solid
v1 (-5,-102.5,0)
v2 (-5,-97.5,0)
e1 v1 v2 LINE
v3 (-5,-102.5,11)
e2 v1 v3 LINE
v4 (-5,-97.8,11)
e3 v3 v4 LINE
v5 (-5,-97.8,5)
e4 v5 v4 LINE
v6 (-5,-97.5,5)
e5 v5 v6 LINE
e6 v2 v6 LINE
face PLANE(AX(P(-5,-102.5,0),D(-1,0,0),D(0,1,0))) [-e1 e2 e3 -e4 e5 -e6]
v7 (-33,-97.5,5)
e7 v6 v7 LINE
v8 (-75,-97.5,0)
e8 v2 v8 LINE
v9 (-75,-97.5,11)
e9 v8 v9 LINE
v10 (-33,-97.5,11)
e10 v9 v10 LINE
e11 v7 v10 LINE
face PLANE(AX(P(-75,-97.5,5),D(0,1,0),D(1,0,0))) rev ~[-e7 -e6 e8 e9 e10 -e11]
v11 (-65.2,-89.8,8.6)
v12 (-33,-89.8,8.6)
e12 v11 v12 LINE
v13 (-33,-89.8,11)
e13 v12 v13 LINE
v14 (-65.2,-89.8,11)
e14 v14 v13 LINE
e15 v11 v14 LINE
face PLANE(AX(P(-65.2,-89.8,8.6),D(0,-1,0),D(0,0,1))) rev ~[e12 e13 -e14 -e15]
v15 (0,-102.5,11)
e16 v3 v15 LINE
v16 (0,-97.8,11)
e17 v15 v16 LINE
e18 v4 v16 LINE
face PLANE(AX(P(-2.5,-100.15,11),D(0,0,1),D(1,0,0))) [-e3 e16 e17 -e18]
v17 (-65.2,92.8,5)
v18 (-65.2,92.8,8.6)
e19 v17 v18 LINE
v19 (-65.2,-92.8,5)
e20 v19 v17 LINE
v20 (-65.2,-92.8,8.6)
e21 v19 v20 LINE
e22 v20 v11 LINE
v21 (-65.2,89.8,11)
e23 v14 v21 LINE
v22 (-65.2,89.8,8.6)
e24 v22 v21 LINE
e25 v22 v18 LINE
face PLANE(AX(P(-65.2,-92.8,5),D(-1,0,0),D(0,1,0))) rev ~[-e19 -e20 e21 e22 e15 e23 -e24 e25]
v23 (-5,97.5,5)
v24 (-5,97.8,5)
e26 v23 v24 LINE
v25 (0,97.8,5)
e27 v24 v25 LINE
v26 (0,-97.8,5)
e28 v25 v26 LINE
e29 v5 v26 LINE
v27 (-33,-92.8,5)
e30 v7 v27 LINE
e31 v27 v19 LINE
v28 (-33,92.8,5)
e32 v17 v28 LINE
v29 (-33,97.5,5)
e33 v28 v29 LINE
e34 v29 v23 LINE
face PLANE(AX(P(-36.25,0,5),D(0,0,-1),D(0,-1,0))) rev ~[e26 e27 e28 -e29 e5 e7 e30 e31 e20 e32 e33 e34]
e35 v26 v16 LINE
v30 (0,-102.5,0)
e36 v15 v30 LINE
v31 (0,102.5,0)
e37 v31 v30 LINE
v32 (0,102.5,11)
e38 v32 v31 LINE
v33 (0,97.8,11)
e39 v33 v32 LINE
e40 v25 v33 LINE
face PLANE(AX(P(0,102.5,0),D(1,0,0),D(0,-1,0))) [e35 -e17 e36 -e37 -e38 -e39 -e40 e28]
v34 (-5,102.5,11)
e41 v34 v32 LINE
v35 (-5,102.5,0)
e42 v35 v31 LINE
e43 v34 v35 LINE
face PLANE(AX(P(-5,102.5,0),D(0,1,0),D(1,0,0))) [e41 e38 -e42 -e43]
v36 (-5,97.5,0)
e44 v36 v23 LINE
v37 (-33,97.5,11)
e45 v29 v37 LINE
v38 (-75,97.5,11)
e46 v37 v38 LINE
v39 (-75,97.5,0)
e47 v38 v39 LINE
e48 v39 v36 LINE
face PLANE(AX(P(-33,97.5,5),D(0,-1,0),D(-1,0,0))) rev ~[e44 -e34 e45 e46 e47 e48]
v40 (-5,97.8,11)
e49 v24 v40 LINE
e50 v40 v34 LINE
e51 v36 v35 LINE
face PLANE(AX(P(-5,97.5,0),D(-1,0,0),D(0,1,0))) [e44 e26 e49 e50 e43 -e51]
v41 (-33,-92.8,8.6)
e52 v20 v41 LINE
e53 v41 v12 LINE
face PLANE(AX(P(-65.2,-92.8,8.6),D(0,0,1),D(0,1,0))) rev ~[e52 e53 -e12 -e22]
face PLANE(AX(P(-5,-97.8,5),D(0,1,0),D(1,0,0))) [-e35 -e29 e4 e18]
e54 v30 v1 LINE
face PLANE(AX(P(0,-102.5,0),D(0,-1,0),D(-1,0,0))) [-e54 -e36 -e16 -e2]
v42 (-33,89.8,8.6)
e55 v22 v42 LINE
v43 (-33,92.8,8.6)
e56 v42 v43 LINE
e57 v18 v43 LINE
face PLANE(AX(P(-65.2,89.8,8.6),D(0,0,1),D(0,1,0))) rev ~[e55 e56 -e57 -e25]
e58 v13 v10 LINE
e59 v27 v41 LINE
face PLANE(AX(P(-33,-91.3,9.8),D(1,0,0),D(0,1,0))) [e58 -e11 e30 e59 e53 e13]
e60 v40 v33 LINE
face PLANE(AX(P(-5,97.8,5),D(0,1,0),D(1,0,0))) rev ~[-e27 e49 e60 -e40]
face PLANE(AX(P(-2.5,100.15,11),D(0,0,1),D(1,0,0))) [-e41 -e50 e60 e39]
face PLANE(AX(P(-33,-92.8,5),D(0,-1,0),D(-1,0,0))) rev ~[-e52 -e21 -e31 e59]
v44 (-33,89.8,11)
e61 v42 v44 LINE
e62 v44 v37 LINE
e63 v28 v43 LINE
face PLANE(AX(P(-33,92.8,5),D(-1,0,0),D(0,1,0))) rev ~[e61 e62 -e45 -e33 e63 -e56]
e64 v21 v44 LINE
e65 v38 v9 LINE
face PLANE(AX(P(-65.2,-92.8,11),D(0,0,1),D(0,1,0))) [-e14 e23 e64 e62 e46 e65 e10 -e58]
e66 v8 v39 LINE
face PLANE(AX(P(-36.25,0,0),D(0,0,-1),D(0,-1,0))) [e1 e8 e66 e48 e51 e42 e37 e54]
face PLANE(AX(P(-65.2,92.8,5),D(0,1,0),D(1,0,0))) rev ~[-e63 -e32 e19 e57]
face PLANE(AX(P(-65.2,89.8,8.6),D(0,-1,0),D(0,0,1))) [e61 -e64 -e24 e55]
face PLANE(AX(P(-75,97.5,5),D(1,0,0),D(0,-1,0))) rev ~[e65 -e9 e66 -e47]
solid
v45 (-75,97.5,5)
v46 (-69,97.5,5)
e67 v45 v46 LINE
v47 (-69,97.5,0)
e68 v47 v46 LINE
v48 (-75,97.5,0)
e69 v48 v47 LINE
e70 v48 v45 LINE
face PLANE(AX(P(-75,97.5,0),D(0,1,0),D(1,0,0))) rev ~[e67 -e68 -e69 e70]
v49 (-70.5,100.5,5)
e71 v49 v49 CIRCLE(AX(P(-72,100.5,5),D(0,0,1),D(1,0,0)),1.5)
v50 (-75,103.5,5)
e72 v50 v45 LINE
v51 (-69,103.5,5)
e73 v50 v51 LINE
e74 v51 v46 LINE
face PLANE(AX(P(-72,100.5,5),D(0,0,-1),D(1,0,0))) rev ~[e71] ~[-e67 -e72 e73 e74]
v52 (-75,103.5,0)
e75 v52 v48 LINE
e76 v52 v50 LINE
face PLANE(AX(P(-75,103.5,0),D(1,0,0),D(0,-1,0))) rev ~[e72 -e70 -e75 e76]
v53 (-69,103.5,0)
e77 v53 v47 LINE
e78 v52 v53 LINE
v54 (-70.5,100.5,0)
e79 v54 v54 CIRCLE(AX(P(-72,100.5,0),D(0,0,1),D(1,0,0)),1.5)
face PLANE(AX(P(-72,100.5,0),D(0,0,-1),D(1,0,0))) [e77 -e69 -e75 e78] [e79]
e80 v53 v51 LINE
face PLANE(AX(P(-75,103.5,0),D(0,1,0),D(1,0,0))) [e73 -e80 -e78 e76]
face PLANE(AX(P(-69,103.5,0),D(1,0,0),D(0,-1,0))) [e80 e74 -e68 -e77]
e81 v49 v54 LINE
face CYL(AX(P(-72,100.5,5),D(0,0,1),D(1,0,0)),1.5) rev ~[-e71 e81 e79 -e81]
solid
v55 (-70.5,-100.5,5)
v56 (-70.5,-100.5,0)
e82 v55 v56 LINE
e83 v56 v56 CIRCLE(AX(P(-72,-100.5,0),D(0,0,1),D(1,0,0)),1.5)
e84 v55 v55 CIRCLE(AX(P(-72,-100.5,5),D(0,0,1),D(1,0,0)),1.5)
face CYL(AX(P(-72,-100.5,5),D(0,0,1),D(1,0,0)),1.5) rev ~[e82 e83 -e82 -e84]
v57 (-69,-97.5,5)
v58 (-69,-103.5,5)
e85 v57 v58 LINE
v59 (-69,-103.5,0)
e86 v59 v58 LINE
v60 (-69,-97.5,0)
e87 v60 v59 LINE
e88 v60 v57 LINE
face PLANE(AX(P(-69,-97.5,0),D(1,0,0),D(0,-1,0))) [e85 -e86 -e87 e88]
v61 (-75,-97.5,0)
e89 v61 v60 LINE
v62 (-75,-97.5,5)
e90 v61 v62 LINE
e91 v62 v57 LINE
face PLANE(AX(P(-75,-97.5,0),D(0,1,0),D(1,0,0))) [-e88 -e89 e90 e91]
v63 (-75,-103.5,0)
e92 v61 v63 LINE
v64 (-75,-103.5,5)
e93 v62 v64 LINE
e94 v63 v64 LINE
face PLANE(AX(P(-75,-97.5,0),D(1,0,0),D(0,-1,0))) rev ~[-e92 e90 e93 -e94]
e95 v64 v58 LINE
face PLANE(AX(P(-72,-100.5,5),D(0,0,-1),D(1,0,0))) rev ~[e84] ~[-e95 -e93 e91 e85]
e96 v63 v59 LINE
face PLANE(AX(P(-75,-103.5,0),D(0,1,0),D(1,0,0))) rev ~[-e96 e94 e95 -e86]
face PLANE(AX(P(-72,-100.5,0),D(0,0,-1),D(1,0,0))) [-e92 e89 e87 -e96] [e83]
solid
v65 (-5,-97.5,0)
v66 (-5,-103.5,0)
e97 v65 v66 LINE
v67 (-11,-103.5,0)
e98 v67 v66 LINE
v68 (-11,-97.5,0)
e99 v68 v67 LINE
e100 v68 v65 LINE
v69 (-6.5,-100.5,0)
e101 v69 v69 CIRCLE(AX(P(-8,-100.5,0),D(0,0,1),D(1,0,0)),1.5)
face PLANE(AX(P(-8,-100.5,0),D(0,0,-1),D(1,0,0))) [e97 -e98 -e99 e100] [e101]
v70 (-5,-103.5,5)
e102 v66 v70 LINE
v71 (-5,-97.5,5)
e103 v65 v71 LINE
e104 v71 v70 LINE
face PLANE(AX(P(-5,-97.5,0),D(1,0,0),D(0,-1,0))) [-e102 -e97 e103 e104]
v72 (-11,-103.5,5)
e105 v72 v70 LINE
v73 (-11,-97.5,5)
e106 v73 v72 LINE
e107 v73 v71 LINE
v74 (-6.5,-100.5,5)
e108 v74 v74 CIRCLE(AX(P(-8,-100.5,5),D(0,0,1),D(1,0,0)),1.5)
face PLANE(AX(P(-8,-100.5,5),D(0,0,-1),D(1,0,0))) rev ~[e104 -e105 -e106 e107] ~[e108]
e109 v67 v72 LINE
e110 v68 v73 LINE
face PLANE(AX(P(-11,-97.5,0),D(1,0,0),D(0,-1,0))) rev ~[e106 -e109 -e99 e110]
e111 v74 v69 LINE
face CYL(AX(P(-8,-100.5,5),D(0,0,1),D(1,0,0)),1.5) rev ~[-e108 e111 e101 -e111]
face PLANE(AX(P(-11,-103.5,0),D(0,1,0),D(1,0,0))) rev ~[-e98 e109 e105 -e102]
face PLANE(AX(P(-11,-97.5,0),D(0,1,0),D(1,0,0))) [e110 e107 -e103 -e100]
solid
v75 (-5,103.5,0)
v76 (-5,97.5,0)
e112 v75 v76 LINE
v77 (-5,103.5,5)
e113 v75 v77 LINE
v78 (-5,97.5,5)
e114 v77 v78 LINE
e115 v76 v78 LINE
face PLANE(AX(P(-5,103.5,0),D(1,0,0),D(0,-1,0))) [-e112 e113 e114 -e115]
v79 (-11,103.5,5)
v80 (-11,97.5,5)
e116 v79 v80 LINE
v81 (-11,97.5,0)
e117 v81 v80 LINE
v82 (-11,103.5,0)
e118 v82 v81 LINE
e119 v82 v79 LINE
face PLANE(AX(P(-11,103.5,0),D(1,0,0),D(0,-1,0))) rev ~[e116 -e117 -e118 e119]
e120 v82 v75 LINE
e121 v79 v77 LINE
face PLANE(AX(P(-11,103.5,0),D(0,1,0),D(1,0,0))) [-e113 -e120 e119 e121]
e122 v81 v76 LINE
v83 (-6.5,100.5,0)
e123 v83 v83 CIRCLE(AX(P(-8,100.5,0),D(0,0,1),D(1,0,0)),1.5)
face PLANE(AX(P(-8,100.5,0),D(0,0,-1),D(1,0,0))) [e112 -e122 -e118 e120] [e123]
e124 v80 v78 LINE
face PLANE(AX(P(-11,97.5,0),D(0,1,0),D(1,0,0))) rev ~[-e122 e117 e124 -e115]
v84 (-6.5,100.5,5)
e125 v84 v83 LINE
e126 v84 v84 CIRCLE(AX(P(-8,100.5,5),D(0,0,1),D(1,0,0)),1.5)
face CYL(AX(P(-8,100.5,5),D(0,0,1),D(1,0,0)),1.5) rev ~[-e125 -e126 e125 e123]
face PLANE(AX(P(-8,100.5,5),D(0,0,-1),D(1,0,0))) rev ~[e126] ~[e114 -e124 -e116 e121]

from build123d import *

# Parameters (mm, degrees)
BOSS_EXTRUDE1_DEPTH   = 5
SKETCH4_W             = 5
SKETCH4_H             = 4.7
BOSS_EXTRUDE2_DEPTH   = 6
SKETCH5_W             = 3
SKETCH5_H             = 2.4
BOSS_EXTRUDE3_DEPTH   = 32.2
SKETCH6_W             = 6
SKETCH6_H             = 6
BOSS_EXTRUDE4_DEPTH   = 5
BOSS_EXTRUDE4_2_DEPTH = 5
BOSS_EXTRUDE4_3_DEPTH = 5
BOSS_EXTRUDE4_4_DEPTH = 5
SKETCH7_R             = 1.5
CUT_EXTRUDE1_DEPTH    = 6


with BuildPart() as part:
    # Sketch1 → Boss-Extrude1 (new body)
    with BuildSketch(Plane(origin=(0, 0, 0), x_dir=(0, 1, 0), z_dir=(0, 0, 1))):
        Polygon((-97.5, 5), (-97.5, 75), (97.5, 75), (97.5, 5), (102.5, 5), (102.5, 0), (-102.5, 0), (-102.5, 5), align=None)
    extrude(amount=BOSS_EXTRUDE1_DEPTH)

    # Sketch4 → Boss-Extrude2 (add)
    with BuildSketch(Plane.XY.offset(5)):
        Polygon((-75, 97.5), (-75, -97.5), (-33, -97.5), (-33, -92.8), (-65.2, -92.8), (-65.2, 92.8), (-33, 92.8), (-33, 97.5), align=None)
        with Locations((-2.5, 100.15)):
            Rectangle(SKETCH4_W, SKETCH4_H)
        with Locations((-2.5, -100.15)):
            Rectangle(SKETCH4_W, SKETCH4_H)
    extrude(amount=BOSS_EXTRUDE2_DEPTH)

    # Sketch5 → Boss-Extrude3 (add)
    with BuildSketch(Plane.YZ.offset(-65.2)):
        with Locations((-91.3, 9.8)):
            Rectangle(SKETCH5_W, SKETCH5_H)
        with Locations((91.3, 9.8)):
            Rectangle(SKETCH5_W, SKETCH5_H)
    extrude(amount=BOSS_EXTRUDE3_DEPTH)


with BuildPart() as body_2:
    # Sketch6 → Boss-Extrude4 (new body)
    with BuildSketch(Plane(origin=(0, 0, 0), x_dir=(1, 0, 0), z_dir=(0, 0, -1))):
        with Locations((-8, 100.5)):
            Rectangle(SKETCH6_W, SKETCH6_H)
    extrude(amount=-BOSS_EXTRUDE4_DEPTH)


with BuildPart() as body_3:
    # Sketch6 → Boss-Extrude4 2 (new body)
    with BuildSketch(Plane(origin=(0, 0, 0), x_dir=(1, 0, 0), z_dir=(0, 0, -1))):
        with Locations((-72, 100.5)):
            Rectangle(SKETCH6_W, SKETCH6_H)
    extrude(amount=-BOSS_EXTRUDE4_2_DEPTH)


with BuildPart() as body_4:
    # Sketch6 → Boss-Extrude4 3 (new body)
    with BuildSketch(Plane(origin=(0, 0, 0), x_dir=(1, 0, 0), z_dir=(0, 0, -1))):
        with Locations((-8, -100.5)):
            Rectangle(SKETCH6_W, SKETCH6_H)
    extrude(amount=-BOSS_EXTRUDE4_3_DEPTH)


with BuildPart() as body_5:
    # Sketch6 → Boss-Extrude4 4 (new body)
    with BuildSketch(Plane(origin=(0, 0, 0), x_dir=(1, 0, 0), z_dir=(0, 0, -1))):
        with Locations((-72, -100.5)):
            Rectangle(SKETCH6_W, SKETCH6_H)
    extrude(amount=-BOSS_EXTRUDE4_4_DEPTH)


with BuildPart() as cut_extrude1_tool:
    # Sketch7 → Cut-Extrude1 (new body, through all)
    with BuildSketch(Plane.XY.offset(5)):
        with Locations((-8, -100.5)):
            Circle(SKETCH7_R)
        with Locations((-72, -100.5)):
            Circle(SKETCH7_R)
        with Locations((-8, 100.5)):
            Circle(SKETCH7_R)
        with Locations((-72, 100.5)):
            Circle(SKETCH7_R)
    extrude(amount=-CUT_EXTRUDE1_DEPTH)


with BuildPart() as body_2_1:
    add(body_2.part)

    # Cut-Extrude1: cut by cut_extrude1_tool
    add(cut_extrude1_tool.part, mode=Mode.SUBTRACT)


with BuildPart() as body_3_1:
    add(body_3.part)

    # Cut-Extrude1: cut by cut_extrude1_tool
    add(cut_extrude1_tool.part, mode=Mode.SUBTRACT)


with BuildPart() as body_4_1:
    add(body_4.part)

    # Cut-Extrude1: cut by cut_extrude1_tool
    add(cut_extrude1_tool.part, mode=Mode.SUBTRACT)


with BuildPart() as body_5_1:
    add(body_5.part)

    # Cut-Extrude1: cut by cut_extrude1_tool
    add(cut_extrude1_tool.part, mode=Mode.SUBTRACT)


solid = Compound([part.part, body_2_1.part, body_3_1.part, body_4_1.part, body_5_1.part])
